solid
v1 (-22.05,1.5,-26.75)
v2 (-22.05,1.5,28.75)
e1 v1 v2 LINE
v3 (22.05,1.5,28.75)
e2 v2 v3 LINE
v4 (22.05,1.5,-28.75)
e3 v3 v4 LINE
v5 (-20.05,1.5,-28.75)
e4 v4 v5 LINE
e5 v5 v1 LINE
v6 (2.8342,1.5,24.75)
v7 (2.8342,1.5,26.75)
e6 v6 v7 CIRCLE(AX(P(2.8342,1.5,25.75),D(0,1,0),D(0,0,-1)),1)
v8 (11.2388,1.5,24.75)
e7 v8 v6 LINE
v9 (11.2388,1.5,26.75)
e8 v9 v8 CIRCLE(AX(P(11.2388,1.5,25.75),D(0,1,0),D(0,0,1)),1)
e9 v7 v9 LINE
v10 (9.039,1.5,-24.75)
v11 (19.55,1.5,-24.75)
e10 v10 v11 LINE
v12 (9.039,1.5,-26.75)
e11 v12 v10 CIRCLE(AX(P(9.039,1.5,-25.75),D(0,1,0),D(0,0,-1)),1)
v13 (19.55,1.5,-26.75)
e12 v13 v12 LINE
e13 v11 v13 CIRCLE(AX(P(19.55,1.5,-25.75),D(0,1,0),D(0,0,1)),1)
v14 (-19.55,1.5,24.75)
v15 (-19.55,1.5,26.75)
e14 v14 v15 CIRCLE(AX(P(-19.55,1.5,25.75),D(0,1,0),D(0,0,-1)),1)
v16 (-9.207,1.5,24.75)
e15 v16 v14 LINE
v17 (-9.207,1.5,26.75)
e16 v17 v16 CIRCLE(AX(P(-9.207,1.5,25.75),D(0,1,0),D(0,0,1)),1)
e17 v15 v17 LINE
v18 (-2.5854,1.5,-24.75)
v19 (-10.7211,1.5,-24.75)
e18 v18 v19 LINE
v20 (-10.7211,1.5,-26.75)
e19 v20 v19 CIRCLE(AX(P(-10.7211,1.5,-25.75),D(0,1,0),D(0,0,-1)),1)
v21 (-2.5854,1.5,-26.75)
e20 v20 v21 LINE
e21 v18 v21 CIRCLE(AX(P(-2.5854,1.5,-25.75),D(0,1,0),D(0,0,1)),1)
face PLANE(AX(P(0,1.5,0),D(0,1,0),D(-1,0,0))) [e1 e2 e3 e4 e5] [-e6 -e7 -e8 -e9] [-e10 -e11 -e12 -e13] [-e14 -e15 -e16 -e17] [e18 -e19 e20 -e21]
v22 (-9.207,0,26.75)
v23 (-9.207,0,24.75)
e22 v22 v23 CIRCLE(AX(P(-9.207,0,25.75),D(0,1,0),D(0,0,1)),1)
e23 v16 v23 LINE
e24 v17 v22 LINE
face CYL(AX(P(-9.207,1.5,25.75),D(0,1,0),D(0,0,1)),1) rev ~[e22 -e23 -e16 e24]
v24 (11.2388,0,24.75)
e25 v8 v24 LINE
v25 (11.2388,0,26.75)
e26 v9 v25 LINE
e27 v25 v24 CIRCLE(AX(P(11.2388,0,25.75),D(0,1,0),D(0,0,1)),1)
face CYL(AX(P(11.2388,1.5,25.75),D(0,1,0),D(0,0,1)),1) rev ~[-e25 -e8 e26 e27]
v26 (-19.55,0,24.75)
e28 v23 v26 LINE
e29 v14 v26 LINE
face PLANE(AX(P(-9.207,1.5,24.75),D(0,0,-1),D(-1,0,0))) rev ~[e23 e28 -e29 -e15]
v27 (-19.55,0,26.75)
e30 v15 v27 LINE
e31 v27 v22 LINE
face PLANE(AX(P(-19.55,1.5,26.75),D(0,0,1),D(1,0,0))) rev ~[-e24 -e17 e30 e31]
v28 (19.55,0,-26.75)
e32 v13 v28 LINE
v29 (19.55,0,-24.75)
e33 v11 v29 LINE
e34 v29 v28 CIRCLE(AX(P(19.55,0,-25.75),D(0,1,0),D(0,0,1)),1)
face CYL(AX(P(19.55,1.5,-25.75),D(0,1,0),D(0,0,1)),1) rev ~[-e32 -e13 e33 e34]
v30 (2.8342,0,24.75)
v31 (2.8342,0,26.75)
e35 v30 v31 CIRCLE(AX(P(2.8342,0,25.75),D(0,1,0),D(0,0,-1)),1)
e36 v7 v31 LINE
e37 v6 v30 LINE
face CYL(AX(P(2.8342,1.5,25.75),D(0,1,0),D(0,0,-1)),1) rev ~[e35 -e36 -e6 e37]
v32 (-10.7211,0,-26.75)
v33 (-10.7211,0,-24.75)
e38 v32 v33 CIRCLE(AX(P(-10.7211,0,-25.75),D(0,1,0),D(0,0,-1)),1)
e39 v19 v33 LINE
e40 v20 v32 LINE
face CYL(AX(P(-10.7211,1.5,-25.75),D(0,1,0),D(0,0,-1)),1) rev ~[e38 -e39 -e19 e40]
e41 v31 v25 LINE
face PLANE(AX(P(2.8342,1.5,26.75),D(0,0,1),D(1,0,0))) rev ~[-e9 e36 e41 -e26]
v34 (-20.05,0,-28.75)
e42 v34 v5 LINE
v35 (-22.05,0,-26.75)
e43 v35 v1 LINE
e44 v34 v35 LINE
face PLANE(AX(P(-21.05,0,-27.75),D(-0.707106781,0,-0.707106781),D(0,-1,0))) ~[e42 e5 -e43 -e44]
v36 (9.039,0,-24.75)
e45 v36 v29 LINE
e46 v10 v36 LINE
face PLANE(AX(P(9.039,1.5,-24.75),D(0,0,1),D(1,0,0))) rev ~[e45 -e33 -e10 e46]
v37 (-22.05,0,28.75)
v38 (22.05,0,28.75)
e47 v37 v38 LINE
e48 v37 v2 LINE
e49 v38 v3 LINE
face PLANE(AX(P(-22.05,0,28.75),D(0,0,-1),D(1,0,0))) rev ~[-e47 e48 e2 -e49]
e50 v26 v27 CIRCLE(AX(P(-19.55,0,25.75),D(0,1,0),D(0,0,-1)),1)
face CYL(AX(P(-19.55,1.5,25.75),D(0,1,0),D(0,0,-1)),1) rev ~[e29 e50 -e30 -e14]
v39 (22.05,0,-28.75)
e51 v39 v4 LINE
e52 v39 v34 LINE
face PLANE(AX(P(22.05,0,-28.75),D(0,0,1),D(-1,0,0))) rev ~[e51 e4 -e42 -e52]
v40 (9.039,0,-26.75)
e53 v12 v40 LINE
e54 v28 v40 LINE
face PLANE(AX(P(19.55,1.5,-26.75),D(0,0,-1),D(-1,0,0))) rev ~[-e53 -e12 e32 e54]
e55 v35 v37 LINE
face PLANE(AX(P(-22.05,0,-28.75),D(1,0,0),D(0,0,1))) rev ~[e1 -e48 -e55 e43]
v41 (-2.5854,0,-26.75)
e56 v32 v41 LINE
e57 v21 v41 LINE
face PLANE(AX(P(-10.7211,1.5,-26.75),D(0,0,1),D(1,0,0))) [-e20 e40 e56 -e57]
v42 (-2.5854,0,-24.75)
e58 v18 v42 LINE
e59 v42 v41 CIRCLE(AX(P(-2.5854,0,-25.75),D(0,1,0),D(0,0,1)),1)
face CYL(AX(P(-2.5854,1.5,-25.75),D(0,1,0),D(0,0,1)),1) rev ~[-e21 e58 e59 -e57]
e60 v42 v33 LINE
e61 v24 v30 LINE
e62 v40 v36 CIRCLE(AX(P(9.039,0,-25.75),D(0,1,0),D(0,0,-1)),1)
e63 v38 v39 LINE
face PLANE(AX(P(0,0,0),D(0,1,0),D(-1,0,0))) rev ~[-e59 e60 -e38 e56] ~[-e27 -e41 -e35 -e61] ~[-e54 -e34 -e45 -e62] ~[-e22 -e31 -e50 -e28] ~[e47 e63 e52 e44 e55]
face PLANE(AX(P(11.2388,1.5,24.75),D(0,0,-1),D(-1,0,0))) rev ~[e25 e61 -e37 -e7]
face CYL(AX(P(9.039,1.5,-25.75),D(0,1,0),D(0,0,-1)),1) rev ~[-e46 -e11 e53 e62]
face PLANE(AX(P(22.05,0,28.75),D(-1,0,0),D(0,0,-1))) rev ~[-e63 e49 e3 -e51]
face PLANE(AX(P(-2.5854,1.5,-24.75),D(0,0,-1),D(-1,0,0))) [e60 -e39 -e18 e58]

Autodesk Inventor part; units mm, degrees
ref_plane "YZ Plane" through (0, 0, 0) normal (1, 0, 0) x (0, 1, 0)
ref_plane "XZ Plane" through (0, 0, 0) normal (0, 1, 0) x (-1, 0, 0)
ref_plane "XY Plane" through (0, 0, 0) normal (0, 0, 1) x (1, 0, 0)
sketch "Sketch1" plane through (0, 0, 0) normal (0, 1, 0) x (-1, 0, 0)
  line L0 (-22.05, -28.75) -> (22.05, -28.75)
  line L1 (22.05, -28.75) -> (22.05, 28.75)
  line L2 (22.05, 28.75) -> (-22.05, 28.75)
  line L3 (-22.05, 28.75) -> (-22.05, -28.75)
  line L4 (-22.05, -28.75) -> (22.05, 28.75) construction
  line L5 (22.05, -28.75) -> (-22.05, 28.75) construction
  point P0 (0, 0)
  dimension "d0" = 57.5
  dimension "d1" = 44.1
extrude "Extrusion1" add sketch "Sketch1" along normal blind 1.5
sketch "Sketch4" plane through (0, 1.5, 0) normal (0, 1, 0) x (1, 0, 0)
  line L0 (22.6381, -25.9185) -> (13.7388, -25.9185)
  line L1 (13.7388, -25.9185) -> (13.7388, -21.956)
  line L2 (13.7388, -21.956) -> (22.6381, -21.956)
  line L3 (22.6381, -21.956) -> (22.6381, -25.9185)
  line L4 (11.4165, -21.956) -> (0.7633, -21.956)
  line L5 (0.7633, -21.956) -> (0.7633, -24.4569)
  line L6 (0.7633, -24.4569) -> (11.4165, -24.4569)
  line L7 (11.4165, -24.4569) -> (11.4165, -21.956)
  line L8 (-0.6658, -26.6006) -> (-6.707, -26.6006)
  line L9 (-6.707, -26.6006) -> (-6.707, -22.3783)
  line L10 (-6.707, -22.3783) -> (-0.6658, -22.3783)
  line L11 (-0.6658, -22.3783) -> (-0.6658, -26.6006)
  line L12 (-6.707, -24.392) -> (-14.5426, -24.392)
  line L13 (-14.5426, -24.392) -> (-14.5426, -21.0953)
  line L14 (-14.5426, -21.0953) -> (-6.707, -21.0953)
  line L15 (-6.707, -21.0953) -> (-6.707, -24.392)
  line L16 (-14.5426, -21.0953) -> (-11.8996, -21.0953)
  line L17 (-11.8996, -21.0953) -> (-11.8996, -19.5363)
  line L18 (-11.8996, -19.5363) -> (-14.5426, -19.5363)
  line L19 (-14.5426, -19.5363) -> (-14.5426, -21.0953)
  line L20 (-21.1238, -24.2621) -> (-17.4211, -24.2621)
  line L21 (-17.4211, -24.2621) -> (-17.4211, -21.956)
  line L22 (-17.4211, -21.956) -> (-21.1238, -21.956)
  line L23 (-21.1238, -21.956) -> (-21.1238, -24.2621)
  line L24 (5.6616, -20.7705) -> (1.894, -20.7705)
  line L25 (1.894, -20.7705) -> (1.894, -17.3277)
  line L26 (1.894, -17.3277) -> (5.6616, -17.3277)
  line L27 (5.6616, -17.3277) -> (5.6616, -20.7705)
  line L28 (-2.848, -19.9261) -> (-5.2515, -19.9261)
  line L29 (-5.2515, -19.9261) -> (-5.2515, -18.3346)
  line L30 (-5.2515, -18.3346) -> (-2.848, -18.3346)
  line L31 (-2.848, -18.3346) -> (-2.848, -19.9261)
  line L32 (-17.2689, -17.0029) -> (-14.5426, -17.0029)
  line L33 (-14.5426, -17.0029) -> (-14.5426, -13.4952)
  line L34 (-14.5426, -13.4952) -> (-17.2689, -13.4952)
  line L35 (-17.2689, -13.4952) -> (-17.2689, -17.0029)
  line L36 (15.925, -11.4814) -> (12.4173, -11.4814)
  line L37 (12.4173, -11.4814) -> (12.4173, -14.7294)
  line L38 (12.4173, -14.7294) -> (15.925, -14.7294)
  line L39 (15.925, -14.7294) -> (15.925, -11.4814)
  line L40 (-2.1335, 9.0455) -> (1.894, 9.0455)
  line L41 (1.894, 9.0455) -> (1.894, -8.9481)
  line L42 (1.894, -8.9481) -> (-2.1335, -8.9481)
  line L43 (-2.1335, -8.9481) -> (-2.1335, 9.0455)
  line L44 (4.5573, 3.3291) -> (1.6991, 3.3291)
  line L45 (1.6991, 3.3291) -> (1.6991, 0.6009)
  line L46 (1.6991, 0.6009) -> (4.5573, 0.6009)
  line L47 (4.5573, 0.6009) -> (4.5573, 3.3291)
  line L48 (-17.5287, 13.7631) -> (-14.1519, 13.7631)
  line L49 (-14.1519, 13.7631) -> (-14.1519, 10.4096)
  line L50 (-14.1519, 10.4096) -> (-17.5287, 10.4096)
  line L51 (-17.5287, 10.4096) -> (-17.5287, 13.7631)
  line L52 (16.8052, 16.3739) -> (14.7212, 16.3739)
  line L53 (14.7212, 16.3739) -> (14.7212, 12.9633)
  line L54 (14.7212, 12.9633) -> (16.8052, 12.9633)
  line L55 (16.8052, 12.9633) -> (16.8052, 16.3739)
  line L56 (-23.3919, 26.0219) -> (-13.2211, 26.0219)
  line L57 (-13.2211, 26.0219) -> (-13.2211, 21.0711)
  line L58 (-13.2211, 21.0711) -> (-23.3919, 21.0711)
  line L59 (-23.3919, 21.0711) -> (-23.3919, 26.0219)
  line L60 (-20.3793, 16.7032) -> (-17.8455, 16.7032)
  line L61 (-17.8455, 16.7032) -> (-17.8455, 19.4346)
  line L62 (-17.8455, 19.4346) -> (-20.3793, 19.4346)
  line L63 (-20.3793, 19.4346) -> (-20.3793, 16.7032)
  line L64 (-11.1745, 21.8169) -> (-0.7032, 21.8169)
  line L65 (-0.7032, 21.8169) -> (-0.7032, 24.5446)
  line L66 (-0.7032, 24.5446) -> (-11.1745, 24.5446)
  line L67 (-11.1745, 24.5446) -> (-11.1745, 21.8169)
  line L68 (-2.5673, 18.6812) -> (-4.8458, 18.6812)
  line L69 (-4.8458, 18.6812) -> (-4.8458, 22.2038)
  line L70 (-4.8458, 22.2038) -> (-2.5673, 22.2038)
  line L71 (-2.5673, 22.2038) -> (-2.5673, 18.6812)
  line L72 (0.9146, 27.1153) -> (6.539, 27.1153)
  line L73 (6.539, 27.1153) -> (6.539, 22.2038)
  line L74 (6.539, 22.2038) -> (0.9146, 22.2038)
  line L75 (0.9146, 22.2038) -> (0.9146, 27.1153)
  line L76 (2.2307, 17.9158) -> (4.5573, 17.9158)
  line L77 (4.5573, 17.9158) -> (4.5573, 22.2038)
  line L78 (4.5573, 22.2038) -> (2.2307, 22.2038)
  line L79 (2.2307, 22.2038) -> (2.2307, 17.9158)
  line L80 (6.0899, 24.1958) -> (14.5454, 24.1958)
  line L81 (14.5454, 24.1958) -> (14.5454, 21.5323)
  line L82 (14.5454, 21.5323) -> (6.0899, 21.5323)
  line L83 (6.0899, 21.5323) -> (6.0899, 24.1958)
  line L84 (14.2886, 21.5323) -> (11.9019, 21.5323)
  line L85 (11.9019, 21.5323) -> (11.9019, 19.3557)
  line L86 (11.9019, 19.3557) -> (14.2886, 19.3557)
  line L87 (14.2886, 19.3557) -> (14.2886, 21.5323)
  line L88 (21.4363, 24.0758) -> (17.64, 24.0758)
  line L89 (17.64, 24.0758) -> (17.64, 21.5323)
  line L90 (17.64, 21.5323) -> (21.4363, 21.5323)
  line L91 (21.4363, 21.5323) -> (21.4363, 24.0758)
  point P0 (0, 0)
  point P1 (6.539, 24.1958)
  point P2 (6.0899, 22.2038)
extrude "Clearance Cutouts" [suppressed]
sketch "Sketch5" plane through (0, 1.5, 0) normal (0, 1, 0) x (1, 0, 0)
  line L0 (19.55, 25.75) -> (9.039, 25.75) construction
  line L1 (19.55, 26.75) -> (9.039, 26.75)
  line L2 (9.039, 24.75) -> (19.55, 24.75)
  arc A0 (19.55, 24.75) -> (19.55, 26.75) centre (19.55, 25.75) ccw
  arc A1 (9.039, 26.75) -> (9.039, 24.75) centre (9.039, 25.75) ccw
  line L3 (22.05, -28.75) -> (22.05, 28.75) projected
  line L4 (-2.5854, 25.75) -> (-10.7211, 25.75) construction
  line L5 (-2.5854, 24.75) -> (-10.7211, 24.75)
  line L6 (-10.7211, 26.75) -> (-2.5854, 26.75)
  arc A2 (-2.5854, 24.75) -> (-2.5854, 26.75) centre (-2.5854, 25.75) ccw
  arc A3 (-10.7211, 26.75) -> (-10.7211, 24.75) centre (-10.7211, 25.75) ccw
  line L7 (-19.55, -25.75) -> (-9.207, -25.75) construction
  line L8 (-22.05, -28.75) -> (22.05, -28.75) projected
  line L9 (-19.55, -26.75) -> (-9.207, -26.75)
  line L10 (-9.207, -24.75) -> (-19.55, -24.75)
  arc A4 (-19.55, -24.75) -> (-19.55, -26.75) centre (-19.55, -25.75) ccw
  arc A5 (-9.207, -26.75) -> (-9.207, -24.75) centre (-9.207, -25.75) ccw
  line L11 (-22.05, 28.75) -> (-22.05, -28.75) projected
  line L12 (2.8342, -25.75) -> (11.2388, -25.75) construction
  line L13 (2.8342, -26.75) -> (11.2388, -26.75)
  line L14 (11.2388, -24.75) -> (2.8342, -24.75)
  arc A6 (2.8342, -24.75) -> (2.8342, -26.75) centre (2.8342, -25.75) ccw
  arc A7 (11.2388, -26.75) -> (11.2388, -24.75) centre (11.2388, -25.75) ccw
  line L15 (22.05, 28.75) -> (-22.05, 28.75) projected
  point P0 (0, 0)
  point P1 (14.2945, 25.75)
  point P2 (8.039, 25.75)
  point P3 (20.55, 25.75)
  point P4 (-6.6533, 25.75)
  point P5 (-1.5854, 25.75)
  point P6 (-11.7211, 25.75)
  point P7 (-14.3785, -25.75)
  point P8 (-8.207, -25.75)
  point P9 (-20.55, -25.75)
  point P10 (7.0365, -25.75)
  point P11 (1.8342, -25.75)
  point P12 (12.2388, -25.75)
  dimension "d23" = 2
  dimension "d26" = 1.5
  dimension "d30" = 1
  dimension "d31" = 1
  dimension "d34" = 1.5
  dimension "d35" = 1
  dimension "d44" = 3
  dimension "d45" = 15.3967
  dimension "d46" = 10.1357
  dimension "d47" = 3
  dimension "d48" = 12.511
  dimension "d49" = 3
  dimension "d50" = 3
  dimension "d51" = 10.4046
  dimension "d52" = 9.8112
  dimension "d53" = 12.343
extrude "Extrusion4" cut sketch "Sketch5" against normal blind 1.5 contours A0 L2 A1 L1 | L5 A3 L6 A2 | A4 L10 A5 L9 | A6 L14 A7 L13
chamfer "Chamfer1" distance 2 angle 45 1 edges at (-22.05, 0.75, -28.75)
properties part number "Flex Holder V1 TPMockup" material "Thermoplastic Resin"
